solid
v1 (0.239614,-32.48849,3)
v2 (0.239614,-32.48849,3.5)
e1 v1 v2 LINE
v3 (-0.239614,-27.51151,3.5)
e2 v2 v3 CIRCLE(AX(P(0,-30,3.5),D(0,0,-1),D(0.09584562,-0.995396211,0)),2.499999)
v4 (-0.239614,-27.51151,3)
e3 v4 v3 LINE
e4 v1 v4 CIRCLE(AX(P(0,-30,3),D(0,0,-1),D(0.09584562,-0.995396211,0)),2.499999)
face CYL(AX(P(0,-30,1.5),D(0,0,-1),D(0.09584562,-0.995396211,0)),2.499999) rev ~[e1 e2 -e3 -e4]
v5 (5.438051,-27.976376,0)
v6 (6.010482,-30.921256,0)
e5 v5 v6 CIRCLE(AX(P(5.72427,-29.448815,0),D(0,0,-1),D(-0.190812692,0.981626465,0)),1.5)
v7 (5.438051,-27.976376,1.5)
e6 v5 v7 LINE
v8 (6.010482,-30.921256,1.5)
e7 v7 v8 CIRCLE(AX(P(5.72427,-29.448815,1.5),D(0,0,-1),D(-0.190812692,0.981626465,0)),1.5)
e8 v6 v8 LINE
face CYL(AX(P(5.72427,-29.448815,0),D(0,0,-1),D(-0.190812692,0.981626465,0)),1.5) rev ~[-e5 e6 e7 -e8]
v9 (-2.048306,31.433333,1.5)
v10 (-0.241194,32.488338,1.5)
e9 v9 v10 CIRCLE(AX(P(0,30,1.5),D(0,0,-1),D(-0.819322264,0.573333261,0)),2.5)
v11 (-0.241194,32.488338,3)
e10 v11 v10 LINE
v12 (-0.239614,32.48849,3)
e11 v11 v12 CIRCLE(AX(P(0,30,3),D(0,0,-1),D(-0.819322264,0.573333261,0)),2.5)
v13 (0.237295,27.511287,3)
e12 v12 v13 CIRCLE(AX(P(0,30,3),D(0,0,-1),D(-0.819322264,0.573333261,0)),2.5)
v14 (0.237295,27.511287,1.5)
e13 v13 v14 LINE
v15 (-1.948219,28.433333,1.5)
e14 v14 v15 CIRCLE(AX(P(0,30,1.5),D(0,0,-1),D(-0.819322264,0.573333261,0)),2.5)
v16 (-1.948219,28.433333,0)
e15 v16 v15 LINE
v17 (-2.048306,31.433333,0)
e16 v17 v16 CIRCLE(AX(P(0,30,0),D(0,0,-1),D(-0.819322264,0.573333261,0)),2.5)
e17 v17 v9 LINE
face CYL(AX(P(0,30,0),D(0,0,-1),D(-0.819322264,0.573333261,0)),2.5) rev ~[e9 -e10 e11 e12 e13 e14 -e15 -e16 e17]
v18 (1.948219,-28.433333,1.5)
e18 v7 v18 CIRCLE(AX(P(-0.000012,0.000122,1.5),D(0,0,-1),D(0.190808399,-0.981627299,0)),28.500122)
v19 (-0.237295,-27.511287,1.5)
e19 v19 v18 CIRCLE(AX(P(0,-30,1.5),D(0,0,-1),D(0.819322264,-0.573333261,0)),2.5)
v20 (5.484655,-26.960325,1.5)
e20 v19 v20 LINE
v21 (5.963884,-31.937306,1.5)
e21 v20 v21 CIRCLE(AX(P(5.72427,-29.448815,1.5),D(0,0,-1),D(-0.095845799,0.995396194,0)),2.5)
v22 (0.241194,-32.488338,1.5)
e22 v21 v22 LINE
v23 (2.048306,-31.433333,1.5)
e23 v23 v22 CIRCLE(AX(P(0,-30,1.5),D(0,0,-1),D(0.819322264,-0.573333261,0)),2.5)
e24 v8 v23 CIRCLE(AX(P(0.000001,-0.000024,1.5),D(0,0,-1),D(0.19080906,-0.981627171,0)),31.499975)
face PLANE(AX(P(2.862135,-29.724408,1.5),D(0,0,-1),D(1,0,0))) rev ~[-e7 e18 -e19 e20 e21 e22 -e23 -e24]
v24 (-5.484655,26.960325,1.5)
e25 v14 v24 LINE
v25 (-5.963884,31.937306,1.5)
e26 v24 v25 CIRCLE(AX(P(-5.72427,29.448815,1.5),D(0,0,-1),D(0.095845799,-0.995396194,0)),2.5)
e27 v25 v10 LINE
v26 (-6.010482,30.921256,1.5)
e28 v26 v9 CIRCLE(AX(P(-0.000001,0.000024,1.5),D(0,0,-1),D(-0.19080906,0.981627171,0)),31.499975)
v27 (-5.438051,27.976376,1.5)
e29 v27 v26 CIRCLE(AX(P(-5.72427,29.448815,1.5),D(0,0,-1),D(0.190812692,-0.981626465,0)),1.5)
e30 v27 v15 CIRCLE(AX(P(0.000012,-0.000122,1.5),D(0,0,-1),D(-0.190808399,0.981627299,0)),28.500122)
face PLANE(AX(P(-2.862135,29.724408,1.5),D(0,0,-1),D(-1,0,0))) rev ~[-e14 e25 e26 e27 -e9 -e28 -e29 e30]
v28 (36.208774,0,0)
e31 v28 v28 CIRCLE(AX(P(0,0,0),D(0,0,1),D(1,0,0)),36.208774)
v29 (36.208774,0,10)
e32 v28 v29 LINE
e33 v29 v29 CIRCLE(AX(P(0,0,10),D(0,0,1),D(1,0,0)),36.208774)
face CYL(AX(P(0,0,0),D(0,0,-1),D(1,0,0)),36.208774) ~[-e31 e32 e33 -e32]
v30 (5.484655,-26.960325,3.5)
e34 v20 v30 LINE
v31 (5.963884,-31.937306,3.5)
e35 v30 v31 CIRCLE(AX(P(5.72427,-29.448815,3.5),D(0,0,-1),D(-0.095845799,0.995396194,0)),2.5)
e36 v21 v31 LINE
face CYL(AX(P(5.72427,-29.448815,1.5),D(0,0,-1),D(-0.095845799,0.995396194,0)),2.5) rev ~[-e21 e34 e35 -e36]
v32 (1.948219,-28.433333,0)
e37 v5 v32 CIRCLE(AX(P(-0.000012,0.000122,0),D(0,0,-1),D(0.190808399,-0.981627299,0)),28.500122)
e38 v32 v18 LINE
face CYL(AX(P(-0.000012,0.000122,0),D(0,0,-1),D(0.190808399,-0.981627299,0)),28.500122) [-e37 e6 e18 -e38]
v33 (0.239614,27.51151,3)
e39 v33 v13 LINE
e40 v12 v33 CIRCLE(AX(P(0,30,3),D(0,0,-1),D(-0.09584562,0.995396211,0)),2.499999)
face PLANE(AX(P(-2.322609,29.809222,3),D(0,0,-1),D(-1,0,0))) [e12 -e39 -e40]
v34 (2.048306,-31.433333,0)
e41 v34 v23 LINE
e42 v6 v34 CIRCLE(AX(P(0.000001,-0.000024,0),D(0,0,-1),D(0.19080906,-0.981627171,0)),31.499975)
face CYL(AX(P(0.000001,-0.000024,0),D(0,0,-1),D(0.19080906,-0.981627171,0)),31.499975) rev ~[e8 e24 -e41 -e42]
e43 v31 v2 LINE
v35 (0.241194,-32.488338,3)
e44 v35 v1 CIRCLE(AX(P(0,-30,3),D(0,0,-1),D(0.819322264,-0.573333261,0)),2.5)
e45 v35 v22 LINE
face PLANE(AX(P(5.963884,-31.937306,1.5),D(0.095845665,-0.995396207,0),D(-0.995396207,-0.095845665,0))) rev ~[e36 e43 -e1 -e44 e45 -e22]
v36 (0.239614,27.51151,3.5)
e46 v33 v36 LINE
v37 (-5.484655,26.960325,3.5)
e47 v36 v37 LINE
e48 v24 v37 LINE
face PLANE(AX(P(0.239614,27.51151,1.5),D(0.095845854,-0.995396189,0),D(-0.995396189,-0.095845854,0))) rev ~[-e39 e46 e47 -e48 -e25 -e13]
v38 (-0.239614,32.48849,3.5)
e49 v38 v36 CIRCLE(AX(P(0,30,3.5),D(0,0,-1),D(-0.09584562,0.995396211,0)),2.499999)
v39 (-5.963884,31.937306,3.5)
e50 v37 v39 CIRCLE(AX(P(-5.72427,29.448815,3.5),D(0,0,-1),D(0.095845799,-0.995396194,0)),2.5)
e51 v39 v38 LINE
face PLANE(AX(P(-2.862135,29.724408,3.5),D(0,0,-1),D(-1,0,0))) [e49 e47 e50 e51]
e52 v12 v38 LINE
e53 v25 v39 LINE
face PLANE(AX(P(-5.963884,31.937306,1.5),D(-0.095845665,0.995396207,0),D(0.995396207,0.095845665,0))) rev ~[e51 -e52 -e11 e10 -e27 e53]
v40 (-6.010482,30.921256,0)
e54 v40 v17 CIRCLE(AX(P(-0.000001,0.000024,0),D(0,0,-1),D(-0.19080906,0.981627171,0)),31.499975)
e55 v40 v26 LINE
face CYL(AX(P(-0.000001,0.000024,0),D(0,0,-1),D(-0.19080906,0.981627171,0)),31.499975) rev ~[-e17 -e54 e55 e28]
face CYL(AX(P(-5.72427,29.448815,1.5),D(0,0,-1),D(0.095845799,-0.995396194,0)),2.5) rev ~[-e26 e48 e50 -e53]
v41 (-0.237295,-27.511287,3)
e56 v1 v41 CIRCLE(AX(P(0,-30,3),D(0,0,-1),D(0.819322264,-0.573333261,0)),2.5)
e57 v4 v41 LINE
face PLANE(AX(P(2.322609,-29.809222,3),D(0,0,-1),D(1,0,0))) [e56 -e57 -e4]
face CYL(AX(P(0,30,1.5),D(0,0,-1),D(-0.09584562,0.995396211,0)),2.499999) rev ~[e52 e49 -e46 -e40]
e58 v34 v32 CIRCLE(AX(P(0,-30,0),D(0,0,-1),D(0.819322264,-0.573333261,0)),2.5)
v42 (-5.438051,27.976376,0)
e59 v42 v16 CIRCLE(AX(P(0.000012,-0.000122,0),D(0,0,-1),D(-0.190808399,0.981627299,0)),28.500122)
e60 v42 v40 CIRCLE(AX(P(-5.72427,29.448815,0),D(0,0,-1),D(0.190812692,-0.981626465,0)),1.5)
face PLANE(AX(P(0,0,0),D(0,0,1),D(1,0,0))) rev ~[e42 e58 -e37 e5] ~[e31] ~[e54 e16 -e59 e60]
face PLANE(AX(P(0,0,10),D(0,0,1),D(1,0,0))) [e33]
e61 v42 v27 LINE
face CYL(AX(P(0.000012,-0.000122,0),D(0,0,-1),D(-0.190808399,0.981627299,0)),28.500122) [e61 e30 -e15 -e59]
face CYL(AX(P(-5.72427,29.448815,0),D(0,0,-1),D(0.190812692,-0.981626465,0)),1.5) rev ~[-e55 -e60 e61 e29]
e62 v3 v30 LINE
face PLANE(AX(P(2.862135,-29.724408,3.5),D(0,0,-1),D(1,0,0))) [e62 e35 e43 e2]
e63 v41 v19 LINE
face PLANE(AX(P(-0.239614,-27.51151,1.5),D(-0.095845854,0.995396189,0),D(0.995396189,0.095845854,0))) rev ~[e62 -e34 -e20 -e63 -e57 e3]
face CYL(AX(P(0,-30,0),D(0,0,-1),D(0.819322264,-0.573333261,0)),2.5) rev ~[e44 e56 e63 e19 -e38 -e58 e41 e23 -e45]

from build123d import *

# Parameters (mm, degrees)
SKETCH002_R        = 36.208774
PAD001_DEPTH       = 10
POCKET001_DEPTH    = 3
POCKET002_DEPTH    = 2
POLARPATTERN_COUNT = 2


with BuildPart() as part:
    # Sketch002 → Pad001 (new body)
    with BuildSketch(Plane.XY):
        Circle(SKETCH002_R)
    extrude(amount=PAD001_DEPTH)

    # Sketch003 (on Face2 of Pad001) → Pocket001 (cut)
    with BuildSketch(Plane(origin=(0, 0, 0), x_dir=(1, 0, 0), z_dir=(0, 0, -1))):
        with BuildLine():
            ThreePointArc((2.048306, 31.433333), (-2.49861, 30.083359), (1.948219, 28.433333))
            ThreePointArc((5.438051, 27.976376), (3.700196, 28.258778), (1.948219, 28.433333))
            ThreePointArc((5.438051, 27.976376), (7.19671, 29.1626), (6.010482, 30.921256))
            ThreePointArc((6.010482, 30.921256), (4.03752, 31.240173), (2.048306, 31.433333))
        make_face()
    pocket001 = extrude(amount=-POCKET001_DEPTH, mode=Mode.SUBTRACT)

    # Sketch004 (on Face2 of Pocket001) → Pocket002 (cut)
    with BuildSketch(Plane(origin=(0, 0, 1.5), x_dir=(1, 0, 0), z_dir=(0, 0, -1))):
        with BuildLine():
            ThreePointArc((0.239614, 32.48849), (-2.48849, 30.239614), (-0.239614, 27.51151))
            Line((-0.239614, 27.51151), (5.484655, 26.960325))
            ThreePointArc((5.484655, 26.960325), (8.21276, 29.209201), (5.963884, 31.937306))
            Line((5.963884, 31.937306), (0.239614, 32.48849))
        make_face()
    pocket002 = extrude(amount=-POCKET002_DEPTH, mode=Mode.SUBTRACT)

    # PolarPattern: Pocket001, Pocket002 ×2 about axis
    polarpattern_axis = Axis((0, 0, 0), (0, 0, -1))
    for i in range(1, POLARPATTERN_COUNT):
        add(pocket001.rotate(polarpattern_axis, i * 360 / POLARPATTERN_COUNT), mode=Mode.SUBTRACT)
        add(pocket002.rotate(polarpattern_axis, i * 360 / POLARPATTERN_COUNT), mode=Mode.SUBTRACT)


solid = part.part
